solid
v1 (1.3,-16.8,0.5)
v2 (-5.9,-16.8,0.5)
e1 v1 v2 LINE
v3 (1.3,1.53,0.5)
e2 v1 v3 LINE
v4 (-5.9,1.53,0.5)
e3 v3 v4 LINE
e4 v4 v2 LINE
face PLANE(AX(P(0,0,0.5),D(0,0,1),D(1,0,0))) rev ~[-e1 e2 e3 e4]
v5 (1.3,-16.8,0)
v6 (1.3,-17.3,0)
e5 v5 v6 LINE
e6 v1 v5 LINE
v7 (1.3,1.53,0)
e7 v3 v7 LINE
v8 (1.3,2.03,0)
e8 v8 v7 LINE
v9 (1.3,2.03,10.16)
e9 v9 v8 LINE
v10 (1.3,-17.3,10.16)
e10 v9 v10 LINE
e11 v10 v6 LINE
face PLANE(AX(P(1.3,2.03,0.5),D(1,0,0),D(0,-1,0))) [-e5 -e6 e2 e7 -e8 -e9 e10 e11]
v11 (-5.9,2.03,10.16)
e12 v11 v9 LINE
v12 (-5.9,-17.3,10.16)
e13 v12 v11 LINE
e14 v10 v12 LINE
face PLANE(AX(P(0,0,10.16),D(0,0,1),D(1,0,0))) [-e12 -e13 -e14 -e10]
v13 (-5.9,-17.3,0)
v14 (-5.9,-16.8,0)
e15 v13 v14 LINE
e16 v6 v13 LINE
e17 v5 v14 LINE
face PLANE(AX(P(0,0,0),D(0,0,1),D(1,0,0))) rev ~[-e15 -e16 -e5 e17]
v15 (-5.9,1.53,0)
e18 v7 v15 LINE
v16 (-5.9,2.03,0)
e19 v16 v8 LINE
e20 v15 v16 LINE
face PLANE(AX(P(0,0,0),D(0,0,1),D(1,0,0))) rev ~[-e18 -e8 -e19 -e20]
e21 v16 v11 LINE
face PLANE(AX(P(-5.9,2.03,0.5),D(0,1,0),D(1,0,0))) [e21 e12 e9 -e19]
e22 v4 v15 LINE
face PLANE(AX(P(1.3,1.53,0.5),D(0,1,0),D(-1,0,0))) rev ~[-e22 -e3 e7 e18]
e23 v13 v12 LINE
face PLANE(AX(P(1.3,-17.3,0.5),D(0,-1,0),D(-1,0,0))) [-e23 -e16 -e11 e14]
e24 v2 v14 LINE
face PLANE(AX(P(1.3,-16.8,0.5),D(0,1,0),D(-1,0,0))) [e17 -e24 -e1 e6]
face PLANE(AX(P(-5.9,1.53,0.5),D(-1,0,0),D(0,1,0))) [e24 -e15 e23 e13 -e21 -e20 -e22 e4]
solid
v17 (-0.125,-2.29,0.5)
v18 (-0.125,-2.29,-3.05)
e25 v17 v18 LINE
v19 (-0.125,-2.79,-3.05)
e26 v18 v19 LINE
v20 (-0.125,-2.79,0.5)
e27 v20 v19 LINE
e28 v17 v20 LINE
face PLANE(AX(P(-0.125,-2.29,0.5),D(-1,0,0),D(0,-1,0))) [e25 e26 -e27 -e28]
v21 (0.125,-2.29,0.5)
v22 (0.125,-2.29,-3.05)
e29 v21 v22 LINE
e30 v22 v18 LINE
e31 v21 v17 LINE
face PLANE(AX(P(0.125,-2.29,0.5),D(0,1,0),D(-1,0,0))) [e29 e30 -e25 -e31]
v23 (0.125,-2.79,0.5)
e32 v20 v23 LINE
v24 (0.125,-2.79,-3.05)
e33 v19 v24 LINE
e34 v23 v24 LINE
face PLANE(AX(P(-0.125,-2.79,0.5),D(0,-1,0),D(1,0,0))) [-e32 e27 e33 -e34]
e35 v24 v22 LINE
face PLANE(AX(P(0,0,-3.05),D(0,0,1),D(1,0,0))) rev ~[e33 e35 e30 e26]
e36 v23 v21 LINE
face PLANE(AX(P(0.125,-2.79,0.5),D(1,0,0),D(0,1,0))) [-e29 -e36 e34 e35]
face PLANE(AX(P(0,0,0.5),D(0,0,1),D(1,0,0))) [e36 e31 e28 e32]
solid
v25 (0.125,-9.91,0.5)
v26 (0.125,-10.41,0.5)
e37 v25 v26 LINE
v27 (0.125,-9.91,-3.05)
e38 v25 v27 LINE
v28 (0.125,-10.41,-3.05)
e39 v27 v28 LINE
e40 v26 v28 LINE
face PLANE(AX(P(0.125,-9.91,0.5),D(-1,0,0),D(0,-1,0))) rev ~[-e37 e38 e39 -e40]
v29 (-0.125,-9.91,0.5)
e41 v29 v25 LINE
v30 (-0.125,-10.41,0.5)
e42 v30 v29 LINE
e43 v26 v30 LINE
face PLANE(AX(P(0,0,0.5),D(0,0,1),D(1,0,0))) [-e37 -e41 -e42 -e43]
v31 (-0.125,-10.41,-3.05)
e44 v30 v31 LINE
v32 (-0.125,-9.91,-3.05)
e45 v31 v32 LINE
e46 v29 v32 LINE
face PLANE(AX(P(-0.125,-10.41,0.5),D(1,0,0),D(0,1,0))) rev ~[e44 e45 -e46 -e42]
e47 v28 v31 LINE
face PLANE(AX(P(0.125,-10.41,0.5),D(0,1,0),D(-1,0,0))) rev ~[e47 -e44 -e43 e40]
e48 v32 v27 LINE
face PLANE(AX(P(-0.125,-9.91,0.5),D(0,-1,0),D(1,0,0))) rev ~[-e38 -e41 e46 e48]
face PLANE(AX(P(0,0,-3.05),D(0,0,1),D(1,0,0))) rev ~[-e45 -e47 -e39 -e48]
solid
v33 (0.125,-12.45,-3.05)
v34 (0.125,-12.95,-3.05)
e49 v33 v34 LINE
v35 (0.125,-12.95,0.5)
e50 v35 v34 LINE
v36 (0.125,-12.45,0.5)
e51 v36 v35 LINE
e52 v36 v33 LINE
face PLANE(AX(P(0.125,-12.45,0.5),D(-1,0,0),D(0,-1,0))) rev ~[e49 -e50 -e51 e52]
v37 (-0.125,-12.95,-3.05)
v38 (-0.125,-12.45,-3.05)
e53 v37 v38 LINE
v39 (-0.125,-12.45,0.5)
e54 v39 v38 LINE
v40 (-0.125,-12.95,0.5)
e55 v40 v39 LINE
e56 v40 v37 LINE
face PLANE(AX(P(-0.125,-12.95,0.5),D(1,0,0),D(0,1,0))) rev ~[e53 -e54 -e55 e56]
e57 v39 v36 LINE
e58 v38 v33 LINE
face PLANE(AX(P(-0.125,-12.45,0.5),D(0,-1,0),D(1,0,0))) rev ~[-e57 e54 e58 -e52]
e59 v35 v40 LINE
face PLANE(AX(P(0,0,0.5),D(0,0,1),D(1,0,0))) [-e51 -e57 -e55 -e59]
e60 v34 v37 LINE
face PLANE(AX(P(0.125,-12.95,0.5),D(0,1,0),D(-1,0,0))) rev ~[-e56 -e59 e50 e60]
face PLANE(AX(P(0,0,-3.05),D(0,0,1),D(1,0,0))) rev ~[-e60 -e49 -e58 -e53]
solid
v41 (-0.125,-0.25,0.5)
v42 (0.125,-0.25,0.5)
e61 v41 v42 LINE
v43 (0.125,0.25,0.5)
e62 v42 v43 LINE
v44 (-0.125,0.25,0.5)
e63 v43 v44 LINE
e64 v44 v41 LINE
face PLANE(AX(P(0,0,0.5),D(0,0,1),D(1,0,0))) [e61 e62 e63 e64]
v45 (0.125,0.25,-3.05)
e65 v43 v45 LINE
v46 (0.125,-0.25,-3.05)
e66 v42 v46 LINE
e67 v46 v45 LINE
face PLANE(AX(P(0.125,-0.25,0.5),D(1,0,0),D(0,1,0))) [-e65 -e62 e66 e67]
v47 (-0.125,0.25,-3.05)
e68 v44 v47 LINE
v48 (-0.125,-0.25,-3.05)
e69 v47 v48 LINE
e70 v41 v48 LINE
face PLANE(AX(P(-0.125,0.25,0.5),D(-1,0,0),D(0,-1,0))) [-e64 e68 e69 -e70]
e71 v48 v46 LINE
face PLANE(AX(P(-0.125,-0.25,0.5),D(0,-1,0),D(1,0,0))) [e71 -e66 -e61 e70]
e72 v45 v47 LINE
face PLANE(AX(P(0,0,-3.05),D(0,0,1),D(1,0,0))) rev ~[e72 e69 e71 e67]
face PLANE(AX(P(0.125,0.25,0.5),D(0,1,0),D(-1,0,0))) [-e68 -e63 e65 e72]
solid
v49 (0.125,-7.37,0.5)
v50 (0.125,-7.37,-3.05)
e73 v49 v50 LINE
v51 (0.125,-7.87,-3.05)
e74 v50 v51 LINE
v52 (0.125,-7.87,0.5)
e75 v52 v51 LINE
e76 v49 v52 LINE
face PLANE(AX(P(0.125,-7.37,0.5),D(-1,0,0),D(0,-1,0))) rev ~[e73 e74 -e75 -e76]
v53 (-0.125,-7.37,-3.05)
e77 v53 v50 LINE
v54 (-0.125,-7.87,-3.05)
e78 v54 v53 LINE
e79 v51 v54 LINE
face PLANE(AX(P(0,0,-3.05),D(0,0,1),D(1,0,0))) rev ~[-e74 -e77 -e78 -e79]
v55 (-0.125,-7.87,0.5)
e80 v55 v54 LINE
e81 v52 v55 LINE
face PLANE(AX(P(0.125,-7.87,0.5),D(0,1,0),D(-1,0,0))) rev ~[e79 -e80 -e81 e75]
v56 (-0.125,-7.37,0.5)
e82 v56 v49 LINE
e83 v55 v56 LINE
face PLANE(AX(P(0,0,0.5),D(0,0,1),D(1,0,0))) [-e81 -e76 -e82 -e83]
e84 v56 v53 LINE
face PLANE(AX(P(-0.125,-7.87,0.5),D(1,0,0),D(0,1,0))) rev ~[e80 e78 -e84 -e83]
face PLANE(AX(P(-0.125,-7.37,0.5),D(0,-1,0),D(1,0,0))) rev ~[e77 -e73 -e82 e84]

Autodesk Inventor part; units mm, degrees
ref_plane "YZ Plane" through (0, 0, 0) normal (1, 0, 0) x (0, 1, 0)
ref_plane "XZ Plane" through (0, 0, 0) normal (0, 1, 0) x (-1, 0, 0)
ref_plane "XY Plane" through (0, 0, 0) normal (0, 0, 1) x (1, 0, 0)
sketch "Sketch2" plane through (0, 0, 0) normal (0, 0, 1) x (1, 0, 0)
  line L0 (-5.9, 2.03) -> (1.3, 2.03)
  line L1 (1.3, 2.03) -> (1.3, -17.3)
  line L2 (1.3, -17.3) -> (-5.9, -17.3)
  line L3 (-5.9, -17.3) -> (-5.9, 2.03)
  line L4 (-0.125, -0.25) -> (0.125, -0.25)
  line L5 (0.125, -0.25) -> (0.125, 0.25)
  line L6 (0.125, 0.25) -> (-0.125, 0.25)
  line L7 (-0.125, 0.25) -> (-0.125, -0.25)
  line L8 (-0.125, -0.25) -> (0.125, 0.25) construction
  line L9 (0.125, -0.25) -> (-0.125, 0.25) construction
  line L10 (-0.125, -2.79) -> (0.125, -2.79)
  line L11 (0.125, -2.79) -> (0.125, -2.29)
  line L12 (0.125, -2.29) -> (-0.125, -2.29)
  line L13 (-0.125, -2.29) -> (-0.125, -2.79)
  line L14 (-0.125, -2.79) -> (0.125, -2.29) construction
  line L15 (0.125, -2.79) -> (-0.125, -2.29) construction
  line L16 (-0.125, -7.37) -> (0.125, -7.37)
  line L17 (0.125, -7.37) -> (0.125, -7.87)
  line L18 (0.125, -7.87) -> (-0.125, -7.87)
  line L19 (-0.125, -7.87) -> (-0.125, -7.37)
  line L20 (-0.125, -7.37) -> (0.125, -7.87) construction
  line L21 (0.125, -7.37) -> (-0.125, -7.87) construction
  line L22 (-0.125, -9.91) -> (0.125, -9.91)
  line L23 (0.125, -9.91) -> (0.125, -10.41)
  line L24 (-0.125, -10.41) -> (-0.125, -9.91)
  line L25 (-0.125, -9.91) -> (0.125, -10.41) construction
  line L26 (0.125, -9.91) -> (-0.125, -10.41) construction
  line L27 (0.125, -10.41) -> (-0.125, -10.41)
  line L28 (-0.125, -12.45) -> (0.125, -12.45)
  line L29 (0.125, -12.45) -> (0.125, -12.95)
  line L30 (-0.125, -12.95) -> (-0.125, -12.45)
  line L31 (-0.125, -12.45) -> (0.125, -12.95) construction
  line L32 (0.125, -12.45) -> (-0.125, -12.95) construction
  line L33 (0.125, -12.95) -> (-0.125, -12.95)
  line L34 (-5.9, 2.03) -> (1.3, 2.03)
  line L35 (1.3, 2.03) -> (1.3, 1.53)
  line L36 (1.3, 1.53) -> (-5.9, 1.53)
  line L37 (-5.9, 1.53) -> (-5.9, 2.03)
  line L38 (-5.9, -17.3) -> (1.3, -17.3)
  line L39 (1.3, -17.3) -> (1.3, -16.8)
  line L40 (1.3, -16.8) -> (-5.9, -16.8)
  line L41 (-5.9, -16.8) -> (-5.9, -17.3)
  point P0 (0, 0)
  point P1 (0, -2.54)
  point P2 (0, -7.62)
  point P3 (0, -10.16)
  point P4 (0, -12.7)
  dimension "d37" = 2.03
  dimension "d38" = 1.3
  dimension "d39" = 17.3
  dimension "d40" = 7.2
  dimension "d41" = 0.25
  dimension "d42" = 0.5
  dimension "d45" = 2.54
  dimension "d50" = 0.25
  dimension "d51" = 0.5
  dimension "d52" = 0
  dimension "d53" = 7.62
  dimension "d56" = 2.54
  dimension "d61" = 0.5
  dimension "d62" = 0.5
extrude "Extrusion4" add sketch "Sketch2" along normal blind 9.66 contours L0 L1 L36 L3 | L36 L1 L40 L3 | L40 L1 L2 L3 | L7 L6 L5 L4 | L13 L12 L11 L10 | L16 L17 L18 L19 | L22 L23 L27 L24 | L28 L29 L33 L30
extrude "Extrusion5" add sketch "Sketch2" against normal blind 0.5 contours L0 L1 L36 L3 | L40 L1 L2 L3
extrude "Extrusion6" add sketch "Sketch2" against normal blind 3.55 separate body contours L7 L6 L5 L4 | L13 L12 L11 L10 | L16 L17 L18 L19 | L22 L23 L27 L24 | L28 L29 L33 L30
move or copy body "Move Body1" bodies to move or copy 1 2 copy no translate (0, 0, 0.5)
equation "\"d50\" = d41"
equation "\"d51\" = d42"
properties part number "Converter_DCDC_XP_POWER-IA48xx_SIP_THT"
